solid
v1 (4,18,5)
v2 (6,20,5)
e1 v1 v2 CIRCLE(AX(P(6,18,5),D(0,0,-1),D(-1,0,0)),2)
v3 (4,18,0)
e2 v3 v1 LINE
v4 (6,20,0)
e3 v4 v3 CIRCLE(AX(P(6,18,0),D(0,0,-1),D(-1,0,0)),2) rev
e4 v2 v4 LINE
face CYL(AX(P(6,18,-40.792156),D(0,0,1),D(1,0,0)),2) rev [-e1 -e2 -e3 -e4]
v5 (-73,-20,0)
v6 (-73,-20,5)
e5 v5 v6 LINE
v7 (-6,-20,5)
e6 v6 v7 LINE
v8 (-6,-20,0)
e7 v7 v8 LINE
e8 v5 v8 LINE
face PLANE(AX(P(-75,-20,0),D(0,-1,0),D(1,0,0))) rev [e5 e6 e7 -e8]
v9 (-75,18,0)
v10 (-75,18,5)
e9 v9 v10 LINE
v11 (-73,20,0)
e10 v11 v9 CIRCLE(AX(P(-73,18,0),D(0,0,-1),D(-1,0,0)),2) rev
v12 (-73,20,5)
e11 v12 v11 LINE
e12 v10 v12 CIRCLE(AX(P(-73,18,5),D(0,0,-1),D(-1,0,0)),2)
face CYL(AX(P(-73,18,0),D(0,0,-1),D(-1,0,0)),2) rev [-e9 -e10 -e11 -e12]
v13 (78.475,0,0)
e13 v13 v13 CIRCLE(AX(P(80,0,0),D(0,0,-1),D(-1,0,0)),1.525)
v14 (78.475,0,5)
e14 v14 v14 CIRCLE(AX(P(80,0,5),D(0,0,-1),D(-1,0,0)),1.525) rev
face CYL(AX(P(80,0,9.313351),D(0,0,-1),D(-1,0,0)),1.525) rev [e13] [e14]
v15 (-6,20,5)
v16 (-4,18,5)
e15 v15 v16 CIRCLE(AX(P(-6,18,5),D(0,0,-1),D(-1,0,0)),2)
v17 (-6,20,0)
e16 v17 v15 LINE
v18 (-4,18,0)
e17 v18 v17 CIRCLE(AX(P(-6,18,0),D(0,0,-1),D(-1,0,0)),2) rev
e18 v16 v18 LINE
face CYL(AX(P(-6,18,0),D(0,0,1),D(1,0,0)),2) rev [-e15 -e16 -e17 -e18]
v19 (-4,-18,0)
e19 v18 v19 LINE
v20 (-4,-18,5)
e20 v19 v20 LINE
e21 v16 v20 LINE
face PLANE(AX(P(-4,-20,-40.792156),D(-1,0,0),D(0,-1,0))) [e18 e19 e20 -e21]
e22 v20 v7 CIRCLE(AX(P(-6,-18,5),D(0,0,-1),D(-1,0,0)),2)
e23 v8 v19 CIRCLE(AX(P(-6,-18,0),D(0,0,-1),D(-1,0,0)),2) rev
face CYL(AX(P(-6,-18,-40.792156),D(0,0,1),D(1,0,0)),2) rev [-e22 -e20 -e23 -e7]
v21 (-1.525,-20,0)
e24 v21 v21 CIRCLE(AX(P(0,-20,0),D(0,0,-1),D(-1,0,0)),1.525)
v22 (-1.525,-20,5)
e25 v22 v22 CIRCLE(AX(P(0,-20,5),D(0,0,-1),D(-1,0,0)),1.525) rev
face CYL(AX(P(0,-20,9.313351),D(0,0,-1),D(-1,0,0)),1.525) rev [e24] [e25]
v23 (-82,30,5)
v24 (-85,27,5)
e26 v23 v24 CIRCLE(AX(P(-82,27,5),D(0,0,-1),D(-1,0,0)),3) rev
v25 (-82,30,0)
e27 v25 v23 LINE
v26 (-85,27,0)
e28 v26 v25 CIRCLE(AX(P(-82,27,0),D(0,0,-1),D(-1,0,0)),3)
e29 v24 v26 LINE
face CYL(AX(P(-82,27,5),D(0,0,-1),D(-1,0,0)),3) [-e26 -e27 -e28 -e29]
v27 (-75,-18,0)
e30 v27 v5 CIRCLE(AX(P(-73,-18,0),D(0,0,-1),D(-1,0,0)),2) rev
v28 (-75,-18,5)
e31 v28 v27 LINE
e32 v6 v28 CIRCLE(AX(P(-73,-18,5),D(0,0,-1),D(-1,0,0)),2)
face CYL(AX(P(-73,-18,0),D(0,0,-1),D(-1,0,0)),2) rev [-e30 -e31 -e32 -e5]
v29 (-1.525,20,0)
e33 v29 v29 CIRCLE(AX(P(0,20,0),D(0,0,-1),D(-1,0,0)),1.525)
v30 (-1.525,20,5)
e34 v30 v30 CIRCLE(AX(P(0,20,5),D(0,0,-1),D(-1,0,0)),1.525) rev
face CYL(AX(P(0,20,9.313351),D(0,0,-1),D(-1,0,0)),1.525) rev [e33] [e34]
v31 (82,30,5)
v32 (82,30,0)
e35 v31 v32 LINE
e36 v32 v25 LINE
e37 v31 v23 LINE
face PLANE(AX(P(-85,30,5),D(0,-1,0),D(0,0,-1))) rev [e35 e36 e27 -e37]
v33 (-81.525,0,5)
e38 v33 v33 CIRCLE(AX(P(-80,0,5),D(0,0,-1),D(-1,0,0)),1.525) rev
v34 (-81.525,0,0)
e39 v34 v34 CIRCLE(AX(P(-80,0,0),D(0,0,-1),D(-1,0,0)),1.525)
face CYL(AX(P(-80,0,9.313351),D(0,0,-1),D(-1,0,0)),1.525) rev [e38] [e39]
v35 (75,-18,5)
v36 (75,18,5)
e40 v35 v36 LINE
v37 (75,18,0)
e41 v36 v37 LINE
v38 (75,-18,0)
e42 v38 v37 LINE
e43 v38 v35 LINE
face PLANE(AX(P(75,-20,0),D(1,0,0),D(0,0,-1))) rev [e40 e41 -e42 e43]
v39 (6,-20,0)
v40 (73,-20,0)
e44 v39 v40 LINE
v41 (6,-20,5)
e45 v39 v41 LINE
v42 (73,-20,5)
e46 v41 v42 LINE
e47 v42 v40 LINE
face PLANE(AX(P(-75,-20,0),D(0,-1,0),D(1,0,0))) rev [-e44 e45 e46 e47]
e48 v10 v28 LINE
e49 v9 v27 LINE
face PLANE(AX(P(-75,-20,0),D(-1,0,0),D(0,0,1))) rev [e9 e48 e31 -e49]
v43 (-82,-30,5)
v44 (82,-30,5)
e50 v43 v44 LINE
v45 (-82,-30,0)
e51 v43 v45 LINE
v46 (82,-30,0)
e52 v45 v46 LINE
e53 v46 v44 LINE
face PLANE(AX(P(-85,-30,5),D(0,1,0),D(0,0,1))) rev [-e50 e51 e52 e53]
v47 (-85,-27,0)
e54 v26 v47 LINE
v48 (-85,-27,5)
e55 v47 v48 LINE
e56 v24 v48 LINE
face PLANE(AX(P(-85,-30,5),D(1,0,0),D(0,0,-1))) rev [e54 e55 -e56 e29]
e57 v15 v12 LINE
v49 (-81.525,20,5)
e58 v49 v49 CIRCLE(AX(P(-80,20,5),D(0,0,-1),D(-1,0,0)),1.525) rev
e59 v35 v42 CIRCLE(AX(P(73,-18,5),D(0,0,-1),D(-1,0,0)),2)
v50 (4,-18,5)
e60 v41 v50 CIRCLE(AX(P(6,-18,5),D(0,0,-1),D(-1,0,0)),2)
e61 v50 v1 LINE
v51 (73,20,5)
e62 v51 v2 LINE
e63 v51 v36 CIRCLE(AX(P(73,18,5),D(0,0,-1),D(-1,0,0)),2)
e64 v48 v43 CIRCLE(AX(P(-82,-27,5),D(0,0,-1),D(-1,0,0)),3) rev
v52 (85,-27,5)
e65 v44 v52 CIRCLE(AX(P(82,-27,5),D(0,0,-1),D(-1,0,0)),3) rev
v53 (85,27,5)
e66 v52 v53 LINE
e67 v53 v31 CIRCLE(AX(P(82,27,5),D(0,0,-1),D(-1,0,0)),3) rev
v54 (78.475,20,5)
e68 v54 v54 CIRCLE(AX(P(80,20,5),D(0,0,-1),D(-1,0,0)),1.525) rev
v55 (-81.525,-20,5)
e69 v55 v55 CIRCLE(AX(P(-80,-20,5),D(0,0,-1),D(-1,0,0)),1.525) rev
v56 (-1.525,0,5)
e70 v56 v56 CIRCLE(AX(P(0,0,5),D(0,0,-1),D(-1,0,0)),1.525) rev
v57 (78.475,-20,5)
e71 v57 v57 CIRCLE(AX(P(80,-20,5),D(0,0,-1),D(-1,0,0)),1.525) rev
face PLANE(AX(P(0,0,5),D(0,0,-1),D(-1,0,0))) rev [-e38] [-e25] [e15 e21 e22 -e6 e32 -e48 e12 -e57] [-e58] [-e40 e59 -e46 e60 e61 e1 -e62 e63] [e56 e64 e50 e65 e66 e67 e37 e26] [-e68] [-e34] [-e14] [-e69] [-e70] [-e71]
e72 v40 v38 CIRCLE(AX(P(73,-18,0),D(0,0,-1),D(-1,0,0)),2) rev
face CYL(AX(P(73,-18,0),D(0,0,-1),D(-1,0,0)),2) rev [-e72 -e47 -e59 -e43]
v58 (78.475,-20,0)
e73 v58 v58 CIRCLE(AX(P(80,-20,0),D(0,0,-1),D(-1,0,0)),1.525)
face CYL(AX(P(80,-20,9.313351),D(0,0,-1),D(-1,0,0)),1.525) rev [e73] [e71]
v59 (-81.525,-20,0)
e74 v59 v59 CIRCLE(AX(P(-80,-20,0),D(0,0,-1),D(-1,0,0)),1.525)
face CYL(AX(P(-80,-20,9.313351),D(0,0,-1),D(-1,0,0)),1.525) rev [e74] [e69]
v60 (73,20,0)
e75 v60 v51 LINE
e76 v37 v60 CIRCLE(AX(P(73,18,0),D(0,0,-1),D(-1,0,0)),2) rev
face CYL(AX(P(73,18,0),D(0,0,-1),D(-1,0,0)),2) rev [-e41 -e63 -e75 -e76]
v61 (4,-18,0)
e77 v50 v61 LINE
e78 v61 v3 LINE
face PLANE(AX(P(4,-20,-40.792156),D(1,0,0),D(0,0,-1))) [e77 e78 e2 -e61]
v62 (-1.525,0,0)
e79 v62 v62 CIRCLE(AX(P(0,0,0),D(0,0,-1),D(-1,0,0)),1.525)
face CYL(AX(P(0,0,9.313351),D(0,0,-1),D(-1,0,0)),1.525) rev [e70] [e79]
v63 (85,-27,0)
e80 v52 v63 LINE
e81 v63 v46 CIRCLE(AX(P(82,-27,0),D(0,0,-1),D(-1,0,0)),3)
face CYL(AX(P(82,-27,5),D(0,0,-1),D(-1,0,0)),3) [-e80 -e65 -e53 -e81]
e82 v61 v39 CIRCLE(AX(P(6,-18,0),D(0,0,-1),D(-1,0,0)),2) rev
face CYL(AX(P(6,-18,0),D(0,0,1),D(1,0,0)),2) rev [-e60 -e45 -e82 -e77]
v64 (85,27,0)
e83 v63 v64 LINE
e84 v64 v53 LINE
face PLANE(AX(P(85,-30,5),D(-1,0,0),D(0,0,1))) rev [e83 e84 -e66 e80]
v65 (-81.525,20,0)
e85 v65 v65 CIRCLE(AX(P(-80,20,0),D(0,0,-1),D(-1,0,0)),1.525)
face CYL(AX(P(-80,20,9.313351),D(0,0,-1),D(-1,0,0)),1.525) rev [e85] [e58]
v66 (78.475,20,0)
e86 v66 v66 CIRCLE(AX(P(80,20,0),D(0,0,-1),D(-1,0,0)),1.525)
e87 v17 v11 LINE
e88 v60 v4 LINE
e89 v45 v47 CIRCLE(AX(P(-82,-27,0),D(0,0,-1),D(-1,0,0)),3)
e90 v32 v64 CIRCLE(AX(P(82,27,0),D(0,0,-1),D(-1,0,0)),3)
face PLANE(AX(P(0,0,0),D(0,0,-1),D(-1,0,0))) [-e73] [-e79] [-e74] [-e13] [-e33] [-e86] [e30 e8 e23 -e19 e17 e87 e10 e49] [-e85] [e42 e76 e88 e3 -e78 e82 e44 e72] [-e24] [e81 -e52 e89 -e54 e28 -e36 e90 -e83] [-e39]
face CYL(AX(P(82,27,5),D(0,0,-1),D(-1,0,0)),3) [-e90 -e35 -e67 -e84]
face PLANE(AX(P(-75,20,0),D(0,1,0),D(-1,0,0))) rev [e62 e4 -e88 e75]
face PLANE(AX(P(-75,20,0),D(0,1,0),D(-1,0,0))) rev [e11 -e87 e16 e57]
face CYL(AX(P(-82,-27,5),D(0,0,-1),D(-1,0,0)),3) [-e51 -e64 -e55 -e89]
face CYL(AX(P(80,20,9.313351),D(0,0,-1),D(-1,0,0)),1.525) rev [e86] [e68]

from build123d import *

# Parameters (mm, degrees)
SKETCH_1_W          = 170
SKETCH_1_H          = 60
EXTRUDE_1_DEPTH     = 5
SKETCH_2_W          = 150
SKETCH_2_H          = 40
CUT_EXTRUDE_1_DEPTH = 5
SKETCH_3_W          = 8
SKETCH_3_H          = 40
EXTRUDE_2_DEPTH     = 5
FILLET_1_R          = 3
FILLET_2_R          = 2
SKETCH_4_R          = 1.525
CUT_EXTRUDE_2_DEPTH = 5


with BuildPart() as part:
    # 草图1 → 凸台-拉伸1 (new body)
    with BuildSketch(Plane.XY):
        Rectangle(SKETCH_1_W, SKETCH_1_H)
    extrude(amount=EXTRUDE_1_DEPTH)

    # 草图2 → 切除-拉伸1 (cut)
    with BuildSketch(Plane.XY.offset(5)):
        Rectangle(SKETCH_2_W, SKETCH_2_H)
    extrude(amount=-CUT_EXTRUDE_1_DEPTH, mode=Mode.SUBTRACT)

    # 草图3 → 凸台-拉伸2 (add)
    with BuildSketch(Plane.XY.offset(5)):
        Rectangle(SKETCH_3_W, SKETCH_3_H)
    extrude(amount=-EXTRUDE_2_DEPTH)

    # 圆角1
    fillet_1_edges = [part.edges().sort_by_distance(p)[0] for p in [
        (85, -30, 2.5),
        (-85, -30, 2.5),
        (-85, 30, 2.5),
        (85, 30, 2.5),
    ]]
    fillet(fillet_1_edges, radius=FILLET_1_R)

    # 圆角2
    fillet_2_edges = [part.edges().sort_by_distance(p)[0] for p in [
        (75, 20, 2.5),
        (75, -20, 2.5),
        (-75, -20, 2.5),
        (-75, 20, 2.5),
        (-4, 20, 2.5),
        (-4, -20, 2.5),
        (4, -20, 2.5),
        (4, 20, 2.5),
    ]]
    fillet(fillet_2_edges, radius=FILLET_2_R)

    # 草图4 → 切除-拉伸2 (cut)
    with BuildSketch(Plane(origin=(0, 0, 0), x_dir=(-1, 0, 0), z_dir=(0, 0, -1))):
        with Locations((80, 20)):
            Circle(SKETCH_4_R)
        with Locations((80, 0)):
            Circle(SKETCH_4_R)
        with Locations((0, -20)):
            Circle(SKETCH_4_R)
        with Locations((0, 20)):
            Circle(SKETCH_4_R)
        with Locations((-80, 20)):
            Circle(SKETCH_4_R)
        with Locations((-80, 0)):
            Circle(SKETCH_4_R)
        with Locations((-80, -20)):
            Circle(SKETCH_4_R)
        Circle(SKETCH_4_R)
        with Locations((80, -20)):
            Circle(SKETCH_4_R)
    extrude(amount=-CUT_EXTRUDE_2_DEPTH, mode=Mode.SUBTRACT)


solid = part.part
